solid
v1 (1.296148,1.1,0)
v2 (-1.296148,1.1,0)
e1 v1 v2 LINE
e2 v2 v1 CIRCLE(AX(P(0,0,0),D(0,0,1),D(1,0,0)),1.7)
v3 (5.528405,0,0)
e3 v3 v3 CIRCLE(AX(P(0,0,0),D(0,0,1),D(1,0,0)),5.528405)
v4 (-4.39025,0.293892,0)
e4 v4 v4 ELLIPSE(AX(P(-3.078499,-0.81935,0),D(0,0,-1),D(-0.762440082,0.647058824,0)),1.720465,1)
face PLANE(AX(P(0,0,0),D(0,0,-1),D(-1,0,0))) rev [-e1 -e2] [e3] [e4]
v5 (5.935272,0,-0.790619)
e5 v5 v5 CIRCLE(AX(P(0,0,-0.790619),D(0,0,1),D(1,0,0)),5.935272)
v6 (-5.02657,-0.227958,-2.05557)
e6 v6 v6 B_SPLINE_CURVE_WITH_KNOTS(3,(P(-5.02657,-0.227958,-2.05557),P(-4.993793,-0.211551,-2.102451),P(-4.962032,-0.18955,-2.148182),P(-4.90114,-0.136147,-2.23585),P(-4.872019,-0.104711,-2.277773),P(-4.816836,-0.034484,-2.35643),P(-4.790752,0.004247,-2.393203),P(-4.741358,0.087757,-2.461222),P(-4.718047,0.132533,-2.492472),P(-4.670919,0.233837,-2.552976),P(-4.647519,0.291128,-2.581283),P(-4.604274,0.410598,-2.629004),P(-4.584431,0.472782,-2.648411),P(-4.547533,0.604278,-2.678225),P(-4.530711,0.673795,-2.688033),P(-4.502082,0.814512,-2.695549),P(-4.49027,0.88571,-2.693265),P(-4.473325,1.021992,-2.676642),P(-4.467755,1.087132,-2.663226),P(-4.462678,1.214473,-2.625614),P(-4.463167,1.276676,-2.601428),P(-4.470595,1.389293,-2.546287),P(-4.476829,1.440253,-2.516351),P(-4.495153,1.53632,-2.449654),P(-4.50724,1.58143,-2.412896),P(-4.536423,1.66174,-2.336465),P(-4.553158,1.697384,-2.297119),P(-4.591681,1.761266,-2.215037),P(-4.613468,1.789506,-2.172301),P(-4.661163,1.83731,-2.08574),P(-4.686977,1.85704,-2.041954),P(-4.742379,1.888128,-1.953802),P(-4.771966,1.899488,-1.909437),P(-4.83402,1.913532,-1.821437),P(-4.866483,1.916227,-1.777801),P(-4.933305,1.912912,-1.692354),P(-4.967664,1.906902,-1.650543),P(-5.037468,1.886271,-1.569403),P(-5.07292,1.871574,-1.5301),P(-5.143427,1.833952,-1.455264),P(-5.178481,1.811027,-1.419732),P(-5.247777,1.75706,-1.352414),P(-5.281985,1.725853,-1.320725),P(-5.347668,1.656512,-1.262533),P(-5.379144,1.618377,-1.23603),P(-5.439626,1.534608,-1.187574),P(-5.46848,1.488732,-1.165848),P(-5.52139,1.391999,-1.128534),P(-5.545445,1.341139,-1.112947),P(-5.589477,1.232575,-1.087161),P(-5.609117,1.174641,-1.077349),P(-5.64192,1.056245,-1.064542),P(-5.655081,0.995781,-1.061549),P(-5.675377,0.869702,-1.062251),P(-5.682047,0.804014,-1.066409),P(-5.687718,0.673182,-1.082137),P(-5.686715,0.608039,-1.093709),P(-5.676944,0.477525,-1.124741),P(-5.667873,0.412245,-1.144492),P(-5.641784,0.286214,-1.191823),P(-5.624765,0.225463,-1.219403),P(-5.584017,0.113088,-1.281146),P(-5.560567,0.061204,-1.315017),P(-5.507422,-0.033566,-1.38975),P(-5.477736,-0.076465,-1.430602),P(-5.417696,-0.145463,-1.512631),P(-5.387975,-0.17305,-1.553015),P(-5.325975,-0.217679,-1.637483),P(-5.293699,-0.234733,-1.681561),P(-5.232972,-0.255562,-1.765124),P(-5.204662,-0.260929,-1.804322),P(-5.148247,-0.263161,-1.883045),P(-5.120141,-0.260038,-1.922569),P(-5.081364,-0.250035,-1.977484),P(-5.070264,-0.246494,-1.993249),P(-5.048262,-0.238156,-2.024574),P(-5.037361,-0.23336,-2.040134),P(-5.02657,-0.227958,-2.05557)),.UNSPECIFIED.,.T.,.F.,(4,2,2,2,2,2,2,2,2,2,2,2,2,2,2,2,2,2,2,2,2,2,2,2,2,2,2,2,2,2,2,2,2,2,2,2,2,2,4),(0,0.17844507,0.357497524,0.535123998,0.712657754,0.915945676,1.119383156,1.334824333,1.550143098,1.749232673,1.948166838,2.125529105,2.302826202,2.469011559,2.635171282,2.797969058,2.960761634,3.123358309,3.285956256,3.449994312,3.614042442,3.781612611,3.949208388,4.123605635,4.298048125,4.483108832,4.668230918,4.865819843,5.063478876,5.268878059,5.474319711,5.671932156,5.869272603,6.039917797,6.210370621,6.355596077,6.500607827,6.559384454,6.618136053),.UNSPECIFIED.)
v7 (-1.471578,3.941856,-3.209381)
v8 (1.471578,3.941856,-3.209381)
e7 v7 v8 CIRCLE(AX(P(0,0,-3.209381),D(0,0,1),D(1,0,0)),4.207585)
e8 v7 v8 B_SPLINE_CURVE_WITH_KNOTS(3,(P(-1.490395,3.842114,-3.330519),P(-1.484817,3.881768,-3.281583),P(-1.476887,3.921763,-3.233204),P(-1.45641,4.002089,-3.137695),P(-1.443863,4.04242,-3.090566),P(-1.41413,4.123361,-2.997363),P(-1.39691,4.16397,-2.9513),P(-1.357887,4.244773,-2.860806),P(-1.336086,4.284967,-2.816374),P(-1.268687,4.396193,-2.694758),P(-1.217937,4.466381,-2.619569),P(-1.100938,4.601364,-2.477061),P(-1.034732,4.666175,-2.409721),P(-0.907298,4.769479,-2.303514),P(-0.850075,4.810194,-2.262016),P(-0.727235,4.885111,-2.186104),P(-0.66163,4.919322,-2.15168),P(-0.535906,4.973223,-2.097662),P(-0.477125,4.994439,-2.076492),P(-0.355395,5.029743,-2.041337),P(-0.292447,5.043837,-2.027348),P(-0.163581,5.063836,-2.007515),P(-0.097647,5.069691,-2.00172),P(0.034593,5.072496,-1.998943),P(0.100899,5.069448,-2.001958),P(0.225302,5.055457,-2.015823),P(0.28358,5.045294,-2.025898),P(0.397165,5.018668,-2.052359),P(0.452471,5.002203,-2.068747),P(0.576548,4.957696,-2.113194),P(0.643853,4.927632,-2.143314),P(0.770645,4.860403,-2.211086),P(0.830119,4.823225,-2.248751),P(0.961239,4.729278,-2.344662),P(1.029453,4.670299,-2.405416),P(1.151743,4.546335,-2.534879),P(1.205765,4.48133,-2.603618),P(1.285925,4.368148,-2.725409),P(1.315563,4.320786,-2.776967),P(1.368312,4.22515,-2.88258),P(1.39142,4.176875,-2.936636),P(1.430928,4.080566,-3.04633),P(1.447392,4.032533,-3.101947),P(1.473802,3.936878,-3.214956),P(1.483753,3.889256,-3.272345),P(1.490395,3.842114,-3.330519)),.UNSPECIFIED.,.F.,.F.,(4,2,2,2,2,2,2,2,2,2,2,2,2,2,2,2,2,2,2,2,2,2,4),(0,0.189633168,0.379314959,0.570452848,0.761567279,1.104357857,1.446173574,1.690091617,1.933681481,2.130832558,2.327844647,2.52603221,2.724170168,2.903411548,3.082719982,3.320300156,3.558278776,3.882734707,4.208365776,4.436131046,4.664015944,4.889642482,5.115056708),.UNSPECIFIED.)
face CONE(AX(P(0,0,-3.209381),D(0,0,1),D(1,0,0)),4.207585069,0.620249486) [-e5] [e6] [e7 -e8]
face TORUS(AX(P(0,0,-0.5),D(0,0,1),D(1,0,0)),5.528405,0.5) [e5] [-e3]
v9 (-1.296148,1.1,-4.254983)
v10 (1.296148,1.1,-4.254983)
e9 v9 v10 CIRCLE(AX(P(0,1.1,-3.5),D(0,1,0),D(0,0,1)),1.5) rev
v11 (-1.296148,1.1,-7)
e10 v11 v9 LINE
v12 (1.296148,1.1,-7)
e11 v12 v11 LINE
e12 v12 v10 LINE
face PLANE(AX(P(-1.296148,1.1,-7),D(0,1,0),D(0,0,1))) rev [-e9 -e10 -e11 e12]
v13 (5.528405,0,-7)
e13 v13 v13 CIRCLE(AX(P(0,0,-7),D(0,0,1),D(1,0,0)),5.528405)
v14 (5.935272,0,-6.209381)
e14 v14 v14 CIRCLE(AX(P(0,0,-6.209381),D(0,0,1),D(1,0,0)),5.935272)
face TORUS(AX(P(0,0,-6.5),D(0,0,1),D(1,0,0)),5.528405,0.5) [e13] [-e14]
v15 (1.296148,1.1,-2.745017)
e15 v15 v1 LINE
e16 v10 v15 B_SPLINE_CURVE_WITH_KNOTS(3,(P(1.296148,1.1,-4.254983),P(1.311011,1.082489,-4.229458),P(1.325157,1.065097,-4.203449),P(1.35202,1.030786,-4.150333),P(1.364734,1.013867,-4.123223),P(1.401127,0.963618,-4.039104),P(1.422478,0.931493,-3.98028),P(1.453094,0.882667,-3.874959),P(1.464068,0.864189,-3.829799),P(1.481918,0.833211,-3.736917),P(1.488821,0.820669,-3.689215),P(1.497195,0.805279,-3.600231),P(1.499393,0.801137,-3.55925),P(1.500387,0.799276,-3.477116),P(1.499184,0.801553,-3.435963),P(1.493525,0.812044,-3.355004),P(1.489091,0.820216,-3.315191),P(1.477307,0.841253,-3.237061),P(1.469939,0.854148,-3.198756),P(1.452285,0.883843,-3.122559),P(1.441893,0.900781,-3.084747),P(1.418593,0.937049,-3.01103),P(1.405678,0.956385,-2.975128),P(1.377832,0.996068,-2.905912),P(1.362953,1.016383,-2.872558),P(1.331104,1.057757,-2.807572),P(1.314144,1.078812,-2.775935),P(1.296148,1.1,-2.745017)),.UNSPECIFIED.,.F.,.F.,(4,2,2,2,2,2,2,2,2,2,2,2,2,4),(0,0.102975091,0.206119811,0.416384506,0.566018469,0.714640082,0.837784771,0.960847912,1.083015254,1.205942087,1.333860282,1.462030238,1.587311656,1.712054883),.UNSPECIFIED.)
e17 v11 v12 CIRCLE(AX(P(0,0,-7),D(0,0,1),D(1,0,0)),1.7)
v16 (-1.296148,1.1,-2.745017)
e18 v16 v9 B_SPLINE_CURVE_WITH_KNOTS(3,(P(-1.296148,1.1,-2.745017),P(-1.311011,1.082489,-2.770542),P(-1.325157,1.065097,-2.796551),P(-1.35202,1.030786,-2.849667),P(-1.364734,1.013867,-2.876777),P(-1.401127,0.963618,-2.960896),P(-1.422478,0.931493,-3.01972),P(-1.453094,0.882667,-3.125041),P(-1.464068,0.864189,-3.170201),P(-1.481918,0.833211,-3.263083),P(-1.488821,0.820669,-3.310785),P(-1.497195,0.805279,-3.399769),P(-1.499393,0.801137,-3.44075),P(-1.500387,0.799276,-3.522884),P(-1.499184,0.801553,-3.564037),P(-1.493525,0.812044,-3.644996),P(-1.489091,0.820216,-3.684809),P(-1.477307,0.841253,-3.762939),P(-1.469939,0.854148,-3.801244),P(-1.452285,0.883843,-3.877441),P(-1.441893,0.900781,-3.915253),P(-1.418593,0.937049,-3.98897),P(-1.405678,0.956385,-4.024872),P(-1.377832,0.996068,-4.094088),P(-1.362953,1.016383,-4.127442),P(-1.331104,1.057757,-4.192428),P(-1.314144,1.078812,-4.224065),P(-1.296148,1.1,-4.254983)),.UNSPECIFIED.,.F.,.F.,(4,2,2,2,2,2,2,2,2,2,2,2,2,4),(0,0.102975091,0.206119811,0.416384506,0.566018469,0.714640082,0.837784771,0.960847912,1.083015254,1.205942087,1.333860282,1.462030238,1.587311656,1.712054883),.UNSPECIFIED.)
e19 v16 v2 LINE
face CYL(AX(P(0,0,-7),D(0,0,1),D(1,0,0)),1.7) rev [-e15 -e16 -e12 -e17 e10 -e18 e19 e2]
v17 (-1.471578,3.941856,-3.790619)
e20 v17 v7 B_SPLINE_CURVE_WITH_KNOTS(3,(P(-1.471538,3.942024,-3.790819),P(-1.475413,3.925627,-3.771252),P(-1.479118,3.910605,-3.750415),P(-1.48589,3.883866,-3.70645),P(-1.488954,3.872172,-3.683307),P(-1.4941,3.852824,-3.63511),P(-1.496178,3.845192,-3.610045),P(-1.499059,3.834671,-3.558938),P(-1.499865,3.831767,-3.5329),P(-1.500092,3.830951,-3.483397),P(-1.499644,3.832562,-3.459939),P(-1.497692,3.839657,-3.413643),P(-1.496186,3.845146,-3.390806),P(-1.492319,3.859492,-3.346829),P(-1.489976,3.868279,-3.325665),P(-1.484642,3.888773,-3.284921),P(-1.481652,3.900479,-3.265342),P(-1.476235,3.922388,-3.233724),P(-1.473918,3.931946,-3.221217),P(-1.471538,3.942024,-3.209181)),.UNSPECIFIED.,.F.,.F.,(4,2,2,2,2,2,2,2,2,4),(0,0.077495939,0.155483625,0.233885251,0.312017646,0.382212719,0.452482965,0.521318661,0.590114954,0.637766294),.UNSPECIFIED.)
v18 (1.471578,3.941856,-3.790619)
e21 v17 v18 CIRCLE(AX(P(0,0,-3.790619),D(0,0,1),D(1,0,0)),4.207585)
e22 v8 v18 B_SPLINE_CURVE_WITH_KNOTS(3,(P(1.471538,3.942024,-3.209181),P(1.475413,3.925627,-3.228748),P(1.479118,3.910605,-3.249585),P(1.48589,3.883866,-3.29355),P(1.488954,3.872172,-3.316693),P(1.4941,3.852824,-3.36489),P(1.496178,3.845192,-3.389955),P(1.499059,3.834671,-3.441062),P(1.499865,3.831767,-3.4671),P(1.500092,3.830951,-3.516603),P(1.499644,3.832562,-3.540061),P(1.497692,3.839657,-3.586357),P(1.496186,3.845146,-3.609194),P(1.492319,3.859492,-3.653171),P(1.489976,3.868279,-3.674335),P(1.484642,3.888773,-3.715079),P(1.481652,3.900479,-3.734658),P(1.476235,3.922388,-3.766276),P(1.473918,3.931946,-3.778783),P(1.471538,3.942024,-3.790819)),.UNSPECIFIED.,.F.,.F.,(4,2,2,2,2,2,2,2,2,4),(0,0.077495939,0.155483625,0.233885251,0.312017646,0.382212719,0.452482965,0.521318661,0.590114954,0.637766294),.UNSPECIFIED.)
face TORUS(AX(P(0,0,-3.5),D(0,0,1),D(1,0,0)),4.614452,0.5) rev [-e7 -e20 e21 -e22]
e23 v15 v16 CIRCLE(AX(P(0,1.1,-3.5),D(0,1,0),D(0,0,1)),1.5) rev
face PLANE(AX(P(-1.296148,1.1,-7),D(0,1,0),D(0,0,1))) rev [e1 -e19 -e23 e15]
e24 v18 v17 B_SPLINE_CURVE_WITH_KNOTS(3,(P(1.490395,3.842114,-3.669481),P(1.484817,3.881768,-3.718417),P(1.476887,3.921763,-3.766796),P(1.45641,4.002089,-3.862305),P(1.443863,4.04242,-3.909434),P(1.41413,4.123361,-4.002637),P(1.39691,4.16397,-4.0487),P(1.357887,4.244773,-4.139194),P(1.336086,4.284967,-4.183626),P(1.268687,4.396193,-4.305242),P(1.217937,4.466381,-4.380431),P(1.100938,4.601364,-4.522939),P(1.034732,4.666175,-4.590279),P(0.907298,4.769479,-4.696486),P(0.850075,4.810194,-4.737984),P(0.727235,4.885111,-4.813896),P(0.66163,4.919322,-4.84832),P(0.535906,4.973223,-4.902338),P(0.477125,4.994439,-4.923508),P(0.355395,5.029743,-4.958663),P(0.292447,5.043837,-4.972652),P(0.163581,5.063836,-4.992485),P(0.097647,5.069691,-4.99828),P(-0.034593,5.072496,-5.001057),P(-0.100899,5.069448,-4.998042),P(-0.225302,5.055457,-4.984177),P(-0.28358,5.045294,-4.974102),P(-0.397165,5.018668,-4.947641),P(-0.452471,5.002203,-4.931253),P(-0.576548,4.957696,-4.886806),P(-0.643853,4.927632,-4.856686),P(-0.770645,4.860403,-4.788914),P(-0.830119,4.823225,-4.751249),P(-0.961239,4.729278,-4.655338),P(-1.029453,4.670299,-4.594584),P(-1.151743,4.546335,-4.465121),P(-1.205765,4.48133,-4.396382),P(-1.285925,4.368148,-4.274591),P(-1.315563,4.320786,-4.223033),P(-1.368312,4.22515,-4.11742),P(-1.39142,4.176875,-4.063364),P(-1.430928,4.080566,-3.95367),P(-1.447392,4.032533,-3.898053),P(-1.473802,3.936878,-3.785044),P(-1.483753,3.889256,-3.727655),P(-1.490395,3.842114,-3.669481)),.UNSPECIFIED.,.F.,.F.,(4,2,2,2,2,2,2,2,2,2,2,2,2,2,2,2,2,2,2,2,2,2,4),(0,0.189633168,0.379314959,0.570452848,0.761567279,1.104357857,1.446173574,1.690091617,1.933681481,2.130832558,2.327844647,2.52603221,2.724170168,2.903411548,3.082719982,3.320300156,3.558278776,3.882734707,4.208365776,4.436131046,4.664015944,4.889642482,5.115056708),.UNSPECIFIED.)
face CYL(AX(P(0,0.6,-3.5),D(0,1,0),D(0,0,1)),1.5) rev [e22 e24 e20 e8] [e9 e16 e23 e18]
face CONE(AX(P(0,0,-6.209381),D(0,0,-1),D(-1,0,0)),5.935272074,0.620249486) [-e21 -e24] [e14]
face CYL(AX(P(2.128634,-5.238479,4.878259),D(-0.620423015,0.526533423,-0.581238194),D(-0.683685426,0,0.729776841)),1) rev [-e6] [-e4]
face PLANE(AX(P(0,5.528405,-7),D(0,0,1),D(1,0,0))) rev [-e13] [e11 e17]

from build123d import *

# Parameters (mm, degrees)
CUT_EXTRUDE1_DEPTH      = 7
CUT_EXTRUDE2_DEPTH      = 0.5
CUT_EXTRUDE2_DEPTH_BACK = 7
SKETCH5_R               = 1.5
SKETCH6_R               = 1
CUT_EXTRUDE3_DEPTH      = 15.204074326


with BuildPart() as part:
    # Sketch3 → Revolve1 (revolve)
    with BuildSketch(Plane(origin=(0, 0, 0), x_dir=(0, 0, -1), z_dir=(1, 0, 0)), mode=Mode.PRIVATE) as revolve1_sk:
        with BuildLine():
            Line((0, 0), (7, 0))
            Line((7, 0), (7, 5.528405338))
            ThreePointArc((7, 5.528405338), (6.72879079, 5.972989159), (6.209380903, 5.935272074))
            Line((6.209380903, 5.935272074), (3.790619097, 4.207585069))
            ThreePointArc((3.790619097, 4.207585069), (3.5, 4.114451805), (3.209380903, 4.207585069))
            Line((3.209380903, 4.207585069), (0.790619097, 5.935272074))
            ThreePointArc((0.790619097, 5.935272074), (0.27120921, 5.972989159), (0, 5.528405338))
            Line((0, 5.528405338), (0, 0))
        make_face()
    revolve(revolve1_sk.sketch.rotate(Axis((0, 0, 0), (0, 0, -1)), 90), axis=Axis((0, 0, 0), (0, 0, -1)))

    # Sketch4 → Cut-Extrude1 (cut)
    with BuildSketch(Plane.XY):
        with BuildLine():
            Line((-1.29614814, 1.1), (1.29614814, 1.1))
            ThreePointArc((1.29614814, 1.1), (0, -1.7), (-1.29614814, 1.1))
        make_face()
    extrude(amount=-CUT_EXTRUDE1_DEPTH, mode=Mode.SUBTRACT)

    # Sketch5 → Cut-Extrude2 (cut, two sides: drawn at the far end of the back side and taken through both)
    with BuildSketch(Plane.XZ.offset(-1.1).offset(-CUT_EXTRUDE2_DEPTH_BACK)):
        with Locations(Location((0, -3.5, 0), (0, 0, 149.779954189))):
            Circle(SKETCH5_R)
    extrude(amount=CUT_EXTRUDE2_DEPTH + CUT_EXTRUDE2_DEPTH_BACK, mode=Mode.SUBTRACT)

    # Sketch6 → Cut-Extrude3 (cut, through all)
    with BuildSketch(Plane(origin=(-3.719471212, 3.156597774, -2.27027027), x_dir=(-0.4225088351551143, 0.39998024596887827, 0.8133277857361964), z_dir=(-0.620423014647787, 0.5265334225455343, -0.5812381937190964))):
        with Locations(Location((-0.01464323, -2.617517623, 0), (0, 0, 358.190705297))):
            Circle(SKETCH6_R)
    extrude(amount=-CUT_EXTRUDE3_DEPTH, mode=Mode.SUBTRACT)


solid = part.part
